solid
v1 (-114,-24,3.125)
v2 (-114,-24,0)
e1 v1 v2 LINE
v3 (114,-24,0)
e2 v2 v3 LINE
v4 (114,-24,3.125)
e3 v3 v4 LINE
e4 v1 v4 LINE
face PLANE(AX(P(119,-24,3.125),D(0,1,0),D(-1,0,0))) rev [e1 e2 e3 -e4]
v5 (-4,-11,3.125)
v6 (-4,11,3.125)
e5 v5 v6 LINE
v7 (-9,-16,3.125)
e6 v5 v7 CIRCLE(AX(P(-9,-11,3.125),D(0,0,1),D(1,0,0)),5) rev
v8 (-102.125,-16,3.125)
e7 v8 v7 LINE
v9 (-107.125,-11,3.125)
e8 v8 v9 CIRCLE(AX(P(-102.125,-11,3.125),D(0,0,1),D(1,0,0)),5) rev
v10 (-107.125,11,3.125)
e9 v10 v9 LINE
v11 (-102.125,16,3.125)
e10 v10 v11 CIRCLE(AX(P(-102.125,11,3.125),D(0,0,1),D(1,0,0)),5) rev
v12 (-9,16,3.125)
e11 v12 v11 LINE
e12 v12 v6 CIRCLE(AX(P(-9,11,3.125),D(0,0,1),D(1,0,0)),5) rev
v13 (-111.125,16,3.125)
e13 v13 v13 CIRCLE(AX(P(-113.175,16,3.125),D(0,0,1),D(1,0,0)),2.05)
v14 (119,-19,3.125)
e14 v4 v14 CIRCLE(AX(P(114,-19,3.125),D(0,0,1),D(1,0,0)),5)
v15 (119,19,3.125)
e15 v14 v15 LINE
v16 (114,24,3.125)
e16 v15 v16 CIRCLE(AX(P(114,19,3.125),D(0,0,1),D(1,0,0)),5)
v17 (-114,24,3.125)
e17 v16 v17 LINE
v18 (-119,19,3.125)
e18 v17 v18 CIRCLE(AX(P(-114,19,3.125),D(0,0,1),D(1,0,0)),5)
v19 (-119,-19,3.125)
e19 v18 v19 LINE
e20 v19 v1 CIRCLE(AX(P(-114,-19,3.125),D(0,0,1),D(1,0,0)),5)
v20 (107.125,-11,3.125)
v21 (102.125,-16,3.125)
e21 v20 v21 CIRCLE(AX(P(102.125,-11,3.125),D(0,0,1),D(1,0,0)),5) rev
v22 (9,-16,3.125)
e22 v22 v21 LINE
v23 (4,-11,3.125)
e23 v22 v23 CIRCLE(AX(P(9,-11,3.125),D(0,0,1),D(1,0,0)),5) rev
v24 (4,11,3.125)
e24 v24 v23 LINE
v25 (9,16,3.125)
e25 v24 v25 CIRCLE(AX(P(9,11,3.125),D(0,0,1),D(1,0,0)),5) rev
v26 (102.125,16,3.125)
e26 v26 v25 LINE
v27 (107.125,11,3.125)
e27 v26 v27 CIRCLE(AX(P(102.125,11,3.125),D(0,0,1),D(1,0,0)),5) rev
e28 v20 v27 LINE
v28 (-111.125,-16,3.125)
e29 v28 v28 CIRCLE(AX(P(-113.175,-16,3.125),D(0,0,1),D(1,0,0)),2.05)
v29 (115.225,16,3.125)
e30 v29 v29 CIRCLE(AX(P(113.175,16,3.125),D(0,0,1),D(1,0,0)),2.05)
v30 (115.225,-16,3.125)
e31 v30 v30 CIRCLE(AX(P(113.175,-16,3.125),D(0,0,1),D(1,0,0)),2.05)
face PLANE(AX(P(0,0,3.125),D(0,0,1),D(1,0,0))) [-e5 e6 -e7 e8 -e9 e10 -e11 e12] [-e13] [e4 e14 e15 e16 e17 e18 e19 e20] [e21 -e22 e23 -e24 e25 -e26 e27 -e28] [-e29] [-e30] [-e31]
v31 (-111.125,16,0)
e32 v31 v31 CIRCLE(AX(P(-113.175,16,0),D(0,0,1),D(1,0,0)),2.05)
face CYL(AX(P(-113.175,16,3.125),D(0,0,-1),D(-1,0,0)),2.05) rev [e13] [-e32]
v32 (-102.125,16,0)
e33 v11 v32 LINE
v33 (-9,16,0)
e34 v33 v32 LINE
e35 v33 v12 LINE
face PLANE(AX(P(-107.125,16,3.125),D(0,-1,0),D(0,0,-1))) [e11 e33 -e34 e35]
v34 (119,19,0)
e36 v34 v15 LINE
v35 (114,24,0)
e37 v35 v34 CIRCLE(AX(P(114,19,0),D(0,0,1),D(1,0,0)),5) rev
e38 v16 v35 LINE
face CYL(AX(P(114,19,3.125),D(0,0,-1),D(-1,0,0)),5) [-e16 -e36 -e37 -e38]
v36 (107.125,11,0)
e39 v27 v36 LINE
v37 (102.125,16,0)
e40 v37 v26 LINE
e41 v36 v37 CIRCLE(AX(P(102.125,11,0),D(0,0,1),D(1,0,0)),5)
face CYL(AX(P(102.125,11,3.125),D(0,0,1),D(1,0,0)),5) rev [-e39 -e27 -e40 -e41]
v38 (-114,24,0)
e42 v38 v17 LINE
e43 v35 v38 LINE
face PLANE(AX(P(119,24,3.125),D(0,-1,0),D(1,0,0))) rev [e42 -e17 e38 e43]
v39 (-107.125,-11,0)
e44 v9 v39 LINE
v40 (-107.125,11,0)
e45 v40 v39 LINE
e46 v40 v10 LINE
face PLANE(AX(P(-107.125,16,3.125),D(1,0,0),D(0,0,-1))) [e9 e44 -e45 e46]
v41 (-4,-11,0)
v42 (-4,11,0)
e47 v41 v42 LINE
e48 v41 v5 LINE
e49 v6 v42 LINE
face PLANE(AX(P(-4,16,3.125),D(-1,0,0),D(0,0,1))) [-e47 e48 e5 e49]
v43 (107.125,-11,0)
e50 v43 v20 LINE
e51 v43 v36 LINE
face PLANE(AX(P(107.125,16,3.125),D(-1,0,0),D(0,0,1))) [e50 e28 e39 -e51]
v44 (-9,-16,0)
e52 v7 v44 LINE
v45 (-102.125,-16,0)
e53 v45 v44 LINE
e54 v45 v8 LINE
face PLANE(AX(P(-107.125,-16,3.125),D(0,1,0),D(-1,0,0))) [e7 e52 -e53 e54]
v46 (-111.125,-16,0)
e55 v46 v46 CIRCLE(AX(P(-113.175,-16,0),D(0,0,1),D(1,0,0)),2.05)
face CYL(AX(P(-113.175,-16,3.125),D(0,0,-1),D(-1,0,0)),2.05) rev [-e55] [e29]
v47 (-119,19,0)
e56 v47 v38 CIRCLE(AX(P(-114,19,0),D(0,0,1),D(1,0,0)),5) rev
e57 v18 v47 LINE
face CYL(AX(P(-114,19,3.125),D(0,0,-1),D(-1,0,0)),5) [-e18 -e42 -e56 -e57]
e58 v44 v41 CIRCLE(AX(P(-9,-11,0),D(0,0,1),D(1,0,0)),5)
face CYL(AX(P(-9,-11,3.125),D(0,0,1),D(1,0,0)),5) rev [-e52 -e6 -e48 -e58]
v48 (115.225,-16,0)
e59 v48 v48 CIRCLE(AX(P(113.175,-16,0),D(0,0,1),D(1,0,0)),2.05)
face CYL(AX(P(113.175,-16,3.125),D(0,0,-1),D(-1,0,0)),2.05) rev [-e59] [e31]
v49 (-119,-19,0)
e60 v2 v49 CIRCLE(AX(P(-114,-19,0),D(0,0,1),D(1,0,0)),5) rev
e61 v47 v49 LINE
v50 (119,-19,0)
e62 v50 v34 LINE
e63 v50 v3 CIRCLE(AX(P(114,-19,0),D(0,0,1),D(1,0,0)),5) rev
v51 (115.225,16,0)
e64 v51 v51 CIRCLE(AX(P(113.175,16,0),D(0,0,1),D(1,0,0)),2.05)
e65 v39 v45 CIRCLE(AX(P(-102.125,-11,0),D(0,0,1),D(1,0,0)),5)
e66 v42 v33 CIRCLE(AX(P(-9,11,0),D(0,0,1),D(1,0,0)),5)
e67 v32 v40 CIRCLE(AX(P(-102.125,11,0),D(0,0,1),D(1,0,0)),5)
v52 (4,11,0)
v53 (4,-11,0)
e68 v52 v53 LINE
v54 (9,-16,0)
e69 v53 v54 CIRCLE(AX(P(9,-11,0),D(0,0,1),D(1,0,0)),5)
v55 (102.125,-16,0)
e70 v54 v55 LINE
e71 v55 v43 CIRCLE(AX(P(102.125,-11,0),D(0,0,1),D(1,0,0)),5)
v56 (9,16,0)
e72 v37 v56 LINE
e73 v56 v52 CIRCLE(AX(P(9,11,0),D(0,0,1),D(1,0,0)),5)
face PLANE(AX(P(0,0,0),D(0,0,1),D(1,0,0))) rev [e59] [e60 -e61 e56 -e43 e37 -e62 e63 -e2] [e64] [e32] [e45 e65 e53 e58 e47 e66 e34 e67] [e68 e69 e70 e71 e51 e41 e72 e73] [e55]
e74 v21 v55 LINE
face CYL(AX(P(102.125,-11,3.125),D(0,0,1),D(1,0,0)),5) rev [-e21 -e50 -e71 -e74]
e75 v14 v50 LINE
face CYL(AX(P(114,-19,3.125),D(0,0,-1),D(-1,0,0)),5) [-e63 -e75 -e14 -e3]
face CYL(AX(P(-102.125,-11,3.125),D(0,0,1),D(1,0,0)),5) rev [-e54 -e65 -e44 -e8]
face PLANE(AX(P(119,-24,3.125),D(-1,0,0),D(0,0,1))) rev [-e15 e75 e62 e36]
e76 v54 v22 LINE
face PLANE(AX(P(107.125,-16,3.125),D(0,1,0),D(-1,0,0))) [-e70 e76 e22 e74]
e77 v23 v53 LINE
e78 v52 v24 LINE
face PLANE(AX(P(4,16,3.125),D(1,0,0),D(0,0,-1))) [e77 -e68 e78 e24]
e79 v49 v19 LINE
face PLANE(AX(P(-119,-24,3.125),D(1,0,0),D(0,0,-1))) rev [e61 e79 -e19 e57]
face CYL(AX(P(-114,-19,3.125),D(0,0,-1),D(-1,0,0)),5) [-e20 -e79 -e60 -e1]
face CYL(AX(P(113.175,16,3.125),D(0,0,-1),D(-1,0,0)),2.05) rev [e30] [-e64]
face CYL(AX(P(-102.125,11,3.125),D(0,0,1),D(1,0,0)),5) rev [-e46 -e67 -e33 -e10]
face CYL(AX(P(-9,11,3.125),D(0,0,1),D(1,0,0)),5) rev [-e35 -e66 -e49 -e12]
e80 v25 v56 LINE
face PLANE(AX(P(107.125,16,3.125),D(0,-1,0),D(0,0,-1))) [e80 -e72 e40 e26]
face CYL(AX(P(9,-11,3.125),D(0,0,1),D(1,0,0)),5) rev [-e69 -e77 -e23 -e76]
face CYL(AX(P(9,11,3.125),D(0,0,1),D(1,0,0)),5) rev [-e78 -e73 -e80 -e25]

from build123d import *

# Parameters (mm, degrees)
SKETCH1_W           = 238
SKETCH1_H           = 48
SKETCH1_R           = 2.05
SKETCH1_W_2         = 103.125
SKETCH1_H_2         = 32
BOSS_EXTRUDE1_DEPTH = 3.125
FILLET1_R           = 5


with BuildPart() as part:
    # Sketch1 → Boss-Extrude1 (new body)
    with BuildSketch(Plane.XY):
        Rectangle(SKETCH1_W, SKETCH1_H)
        with Locations((-113.175, 16)):
            Circle(SKETCH1_R, mode=Mode.SUBTRACT)
        with Locations((-113.175, -16)):
            Circle(SKETCH1_R, mode=Mode.SUBTRACT)
        with Locations((113.175, 16)):
            Circle(SKETCH1_R, mode=Mode.SUBTRACT)
        with Locations((113.175, -16)):
            Circle(SKETCH1_R, mode=Mode.SUBTRACT)
        with Locations((-55.5625, 0)):
            Rectangle(SKETCH1_W_2, SKETCH1_H_2, mode=Mode.SUBTRACT)
        with Locations((55.5625, 0)):
            Rectangle(SKETCH1_W_2, SKETCH1_H_2, mode=Mode.SUBTRACT)
    extrude(amount=BOSS_EXTRUDE1_DEPTH)

    # Fillet1
    fillet1_edges = [part.edges().sort_by_distance(p)[0] for p in [
        (-107.125, 16, 1.5625),
        (-107.125, -16, 1.5625),
        (-4, -16, 1.5625),
        (-4, 16, 1.5625),
        (107.125, -16, 1.5625),
        (107.125, 16, 1.5625),
        (4, 16, 1.5625),
        (4, -16, 1.5625),
        (-119, 24, 1.5625),
        (119, 24, 1.5625),
        (119, -24, 1.5625),
        (-119, -24, 1.5625),
    ]]
    fillet(fillet1_edges, radius=FILLET1_R)


solid = part.part
